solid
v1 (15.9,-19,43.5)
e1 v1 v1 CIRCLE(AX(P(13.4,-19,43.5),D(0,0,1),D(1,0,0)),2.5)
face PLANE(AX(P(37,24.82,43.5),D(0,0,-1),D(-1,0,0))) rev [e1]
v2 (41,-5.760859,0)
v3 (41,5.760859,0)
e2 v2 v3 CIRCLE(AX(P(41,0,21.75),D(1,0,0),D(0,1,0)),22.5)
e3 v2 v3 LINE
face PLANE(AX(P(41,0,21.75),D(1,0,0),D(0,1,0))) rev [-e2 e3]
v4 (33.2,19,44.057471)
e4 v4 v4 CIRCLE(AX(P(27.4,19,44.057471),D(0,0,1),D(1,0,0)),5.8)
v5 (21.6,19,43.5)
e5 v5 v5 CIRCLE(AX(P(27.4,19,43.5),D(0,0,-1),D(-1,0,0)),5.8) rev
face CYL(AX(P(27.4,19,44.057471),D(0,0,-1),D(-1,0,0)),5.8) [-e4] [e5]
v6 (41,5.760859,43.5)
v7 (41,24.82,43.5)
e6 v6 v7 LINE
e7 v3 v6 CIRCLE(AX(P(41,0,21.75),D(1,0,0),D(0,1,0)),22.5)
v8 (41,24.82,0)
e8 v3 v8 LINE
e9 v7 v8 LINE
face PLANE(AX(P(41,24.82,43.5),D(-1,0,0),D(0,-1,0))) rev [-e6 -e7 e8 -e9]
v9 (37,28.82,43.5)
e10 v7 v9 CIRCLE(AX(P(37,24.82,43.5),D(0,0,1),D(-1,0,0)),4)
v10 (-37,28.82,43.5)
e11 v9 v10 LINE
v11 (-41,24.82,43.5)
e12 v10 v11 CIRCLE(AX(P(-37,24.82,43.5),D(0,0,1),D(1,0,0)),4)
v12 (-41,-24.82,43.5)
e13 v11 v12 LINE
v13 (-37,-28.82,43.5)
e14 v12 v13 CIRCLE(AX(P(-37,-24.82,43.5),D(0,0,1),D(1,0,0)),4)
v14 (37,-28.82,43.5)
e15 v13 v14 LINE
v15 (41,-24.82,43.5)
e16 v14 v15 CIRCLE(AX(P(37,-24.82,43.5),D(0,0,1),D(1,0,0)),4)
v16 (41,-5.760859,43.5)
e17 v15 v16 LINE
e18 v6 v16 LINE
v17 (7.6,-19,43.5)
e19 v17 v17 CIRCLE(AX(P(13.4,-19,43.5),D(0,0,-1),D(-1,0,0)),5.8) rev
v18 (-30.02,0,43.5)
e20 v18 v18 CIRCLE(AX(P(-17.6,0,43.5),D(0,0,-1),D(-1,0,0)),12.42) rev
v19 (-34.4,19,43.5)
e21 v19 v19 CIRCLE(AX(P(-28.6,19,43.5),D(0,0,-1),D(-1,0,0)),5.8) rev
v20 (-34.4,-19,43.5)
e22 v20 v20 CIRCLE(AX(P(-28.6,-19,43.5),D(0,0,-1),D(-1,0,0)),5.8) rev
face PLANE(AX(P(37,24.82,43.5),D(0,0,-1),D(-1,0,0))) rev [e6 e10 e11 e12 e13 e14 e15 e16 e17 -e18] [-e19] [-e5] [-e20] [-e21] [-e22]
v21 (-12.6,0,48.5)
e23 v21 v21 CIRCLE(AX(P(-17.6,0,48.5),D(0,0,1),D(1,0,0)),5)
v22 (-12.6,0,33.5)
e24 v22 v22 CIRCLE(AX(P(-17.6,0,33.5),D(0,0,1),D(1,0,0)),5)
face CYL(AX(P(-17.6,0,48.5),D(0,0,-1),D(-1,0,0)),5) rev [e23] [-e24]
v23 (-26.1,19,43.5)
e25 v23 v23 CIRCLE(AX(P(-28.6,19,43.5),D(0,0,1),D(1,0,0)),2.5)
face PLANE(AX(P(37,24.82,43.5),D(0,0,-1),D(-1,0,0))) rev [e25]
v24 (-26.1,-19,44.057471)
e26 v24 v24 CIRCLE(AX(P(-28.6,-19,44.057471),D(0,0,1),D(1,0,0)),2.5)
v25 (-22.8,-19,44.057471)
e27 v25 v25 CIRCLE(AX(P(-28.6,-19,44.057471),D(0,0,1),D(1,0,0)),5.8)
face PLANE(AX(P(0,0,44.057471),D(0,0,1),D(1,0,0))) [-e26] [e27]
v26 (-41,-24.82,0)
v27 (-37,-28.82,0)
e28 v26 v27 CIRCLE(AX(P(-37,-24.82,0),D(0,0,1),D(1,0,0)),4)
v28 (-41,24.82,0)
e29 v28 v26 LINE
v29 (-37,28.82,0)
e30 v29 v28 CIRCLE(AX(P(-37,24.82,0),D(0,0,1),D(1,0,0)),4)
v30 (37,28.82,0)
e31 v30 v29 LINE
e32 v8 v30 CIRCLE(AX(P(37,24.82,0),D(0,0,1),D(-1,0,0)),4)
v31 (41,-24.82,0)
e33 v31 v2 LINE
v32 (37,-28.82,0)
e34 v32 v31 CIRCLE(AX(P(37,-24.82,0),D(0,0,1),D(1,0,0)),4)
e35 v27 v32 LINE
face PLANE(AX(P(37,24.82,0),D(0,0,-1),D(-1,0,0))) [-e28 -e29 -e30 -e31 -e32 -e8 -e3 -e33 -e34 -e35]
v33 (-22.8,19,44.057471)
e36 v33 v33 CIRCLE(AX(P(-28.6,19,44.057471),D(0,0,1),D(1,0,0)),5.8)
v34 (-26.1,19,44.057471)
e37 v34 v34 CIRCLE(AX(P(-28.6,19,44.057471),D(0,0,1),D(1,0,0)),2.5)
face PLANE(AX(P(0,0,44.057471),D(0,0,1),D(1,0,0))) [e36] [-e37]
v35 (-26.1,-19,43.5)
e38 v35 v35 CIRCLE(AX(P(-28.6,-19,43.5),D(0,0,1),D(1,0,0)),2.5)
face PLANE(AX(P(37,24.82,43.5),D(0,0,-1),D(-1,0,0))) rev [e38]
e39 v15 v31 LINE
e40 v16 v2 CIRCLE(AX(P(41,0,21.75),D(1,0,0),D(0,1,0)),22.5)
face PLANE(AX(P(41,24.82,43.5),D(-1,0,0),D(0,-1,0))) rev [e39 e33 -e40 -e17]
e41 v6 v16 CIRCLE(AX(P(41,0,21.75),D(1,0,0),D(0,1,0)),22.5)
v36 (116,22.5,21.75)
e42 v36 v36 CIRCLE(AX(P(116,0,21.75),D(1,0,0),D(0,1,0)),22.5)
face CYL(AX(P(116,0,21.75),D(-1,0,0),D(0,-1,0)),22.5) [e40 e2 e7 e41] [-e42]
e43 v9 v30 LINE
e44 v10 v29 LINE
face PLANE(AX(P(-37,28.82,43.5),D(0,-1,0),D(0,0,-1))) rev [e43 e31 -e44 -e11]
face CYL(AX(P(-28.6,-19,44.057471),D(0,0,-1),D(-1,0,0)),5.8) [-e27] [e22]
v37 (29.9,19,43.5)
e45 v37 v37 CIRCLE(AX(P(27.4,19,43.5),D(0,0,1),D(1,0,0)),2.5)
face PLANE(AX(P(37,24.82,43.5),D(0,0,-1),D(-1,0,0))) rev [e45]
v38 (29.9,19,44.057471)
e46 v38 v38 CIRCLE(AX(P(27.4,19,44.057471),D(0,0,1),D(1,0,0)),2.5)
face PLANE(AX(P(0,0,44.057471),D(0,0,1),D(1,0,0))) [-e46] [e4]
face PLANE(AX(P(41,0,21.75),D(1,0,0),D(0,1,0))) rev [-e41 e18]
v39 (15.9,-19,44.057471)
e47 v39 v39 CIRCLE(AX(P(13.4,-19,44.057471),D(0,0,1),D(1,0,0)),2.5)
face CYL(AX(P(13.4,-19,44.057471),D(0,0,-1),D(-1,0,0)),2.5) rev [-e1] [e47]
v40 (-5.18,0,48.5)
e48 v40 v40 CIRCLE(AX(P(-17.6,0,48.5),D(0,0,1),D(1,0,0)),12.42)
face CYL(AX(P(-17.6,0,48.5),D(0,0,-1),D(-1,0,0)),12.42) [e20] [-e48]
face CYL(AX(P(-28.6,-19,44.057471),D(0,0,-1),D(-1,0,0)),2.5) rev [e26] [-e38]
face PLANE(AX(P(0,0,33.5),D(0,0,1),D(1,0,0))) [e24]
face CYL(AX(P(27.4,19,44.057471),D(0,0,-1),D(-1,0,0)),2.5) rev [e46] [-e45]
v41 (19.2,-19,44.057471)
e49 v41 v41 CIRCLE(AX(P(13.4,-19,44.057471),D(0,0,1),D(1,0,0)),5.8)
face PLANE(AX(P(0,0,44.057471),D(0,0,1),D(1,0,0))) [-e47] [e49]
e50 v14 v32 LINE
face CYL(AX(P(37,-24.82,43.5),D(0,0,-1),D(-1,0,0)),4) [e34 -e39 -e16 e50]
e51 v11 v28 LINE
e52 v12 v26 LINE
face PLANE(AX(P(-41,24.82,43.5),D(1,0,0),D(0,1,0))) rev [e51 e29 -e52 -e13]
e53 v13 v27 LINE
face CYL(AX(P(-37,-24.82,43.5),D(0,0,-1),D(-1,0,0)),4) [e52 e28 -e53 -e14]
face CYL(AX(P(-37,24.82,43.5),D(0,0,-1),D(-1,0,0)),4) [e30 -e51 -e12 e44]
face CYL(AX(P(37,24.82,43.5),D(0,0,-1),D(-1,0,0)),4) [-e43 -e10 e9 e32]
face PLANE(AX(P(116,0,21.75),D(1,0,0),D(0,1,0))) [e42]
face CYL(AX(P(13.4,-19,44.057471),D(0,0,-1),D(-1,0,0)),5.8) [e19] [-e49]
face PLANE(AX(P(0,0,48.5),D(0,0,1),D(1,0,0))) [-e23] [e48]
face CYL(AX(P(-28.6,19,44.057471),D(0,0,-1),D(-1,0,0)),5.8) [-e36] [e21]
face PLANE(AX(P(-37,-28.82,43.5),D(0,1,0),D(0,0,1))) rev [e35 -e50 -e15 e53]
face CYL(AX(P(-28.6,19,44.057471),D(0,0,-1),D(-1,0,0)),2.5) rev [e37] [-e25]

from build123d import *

# Parameters (mm, degrees)
EXTRUDE_1_DEPTH     = 43.5
SKETCH_3_R          = 5.8
SKETCH_3_R_2        = 2.5
EXTRUDE_2_DEPTH     = 0.557471264
SKETCH_3_3_R        = 12.42
SKETCH_3_3_R_2      = 5
EXTRUDE_3_DEPTH     = 5
SKETCH_4_R          = 22.5
EXTRUDE_4_DEPTH     = 75
CUT_EXTRUDE_START   = -10
SKETCH_3_4_R        = 5
CUT_EXTRUDE_1_DEPTH = 10


with BuildPart() as part:
    # 스케치2 → 보스-돌출1 (new body)
    with BuildSketch(Plane.XY):
        with BuildLine():
            Line((-37, 28.82), (37, 28.82))
            ThreePointArc((37, 28.82), (39.828427125, 27.648427125), (41, 24.82))
            Line((41, 24.82), (41, -24.82))
            ThreePointArc((41, -24.82), (39.828427125, -27.648427125), (37, -28.82))
            Line((37, -28.82), (-37, -28.82))
            ThreePointArc((-37, -28.82), (-39.828427125, -27.648427125), (-41, -24.82))
            Line((-41, -24.82), (-41, 24.82))
            ThreePointArc((-41, 24.82), (-39.828427125, 27.648427125), (-37, 28.82))
        make_face()
    extrude(amount=EXTRUDE_1_DEPTH)

    # 스케치3 → 보스-돌출2 (add)
    # profile 1 of 4: a face of its own
    with BuildSketch(Plane.XY.offset(43.5)):
        with Locations((-28.6, 19)):
            Circle(SKETCH_3_R)
        with Locations((-28.6, 19)):
            Circle(SKETCH_3_R_2, mode=Mode.SUBTRACT)
    # profile 2 of 4: a face of its own
    with BuildSketch(Plane.XY.offset(43.5)):
        with Locations((-28.6, -19)):
            Circle(SKETCH_3_R)
        with Locations((-28.6, -19)):
            Circle(SKETCH_3_R_2, mode=Mode.SUBTRACT)
    # profile 3 of 4: a face of its own
    with BuildSketch(Plane.XY.offset(43.5)):
        with Locations((27.4, 19)):
            Circle(SKETCH_3_R)
        with Locations((27.4, 19)):
            Circle(SKETCH_3_R_2, mode=Mode.SUBTRACT)
    # profile 4 of 4: a face of its own
    with BuildSketch(Plane.XY.offset(43.5)):
        with Locations((13.4, -19)):
            Circle(SKETCH_3_R)
        with Locations((13.4, -19)):
            Circle(SKETCH_3_R_2, mode=Mode.SUBTRACT)
    extrude(amount=EXTRUDE_2_DEPTH)

    # 스케치3<3> → 보스-돌출3 (add)
    with BuildSketch(Plane.XY.offset(43.5)):
        with Locations((-17.6, 0)):
            Circle(SKETCH_3_3_R)
        with Locations((-17.6, 0)):
            Circle(SKETCH_3_3_R_2, mode=Mode.SUBTRACT)
    extrude(amount=EXTRUDE_3_DEPTH)

    # 스케치4 → 보스-돌출4 (add)
    with BuildSketch(Plane(origin=(41, 0, 0), x_dir=(0, 0, -1), z_dir=(1, 0, 0))):
        with Locations((-21.75, 0)):
            Circle(SKETCH_4_R)
    extrude(amount=EXTRUDE_4_DEPTH)

    # 스케치3<4> → 컷-돌출1 (cut)
    with BuildSketch(Plane.XY.offset(43.5).offset(CUT_EXTRUDE_START)):
        with Locations((-17.6, 0)):
            Circle(SKETCH_3_4_R)
    extrude(amount=CUT_EXTRUDE_1_DEPTH, mode=Mode.SUBTRACT)


solid = part.part
